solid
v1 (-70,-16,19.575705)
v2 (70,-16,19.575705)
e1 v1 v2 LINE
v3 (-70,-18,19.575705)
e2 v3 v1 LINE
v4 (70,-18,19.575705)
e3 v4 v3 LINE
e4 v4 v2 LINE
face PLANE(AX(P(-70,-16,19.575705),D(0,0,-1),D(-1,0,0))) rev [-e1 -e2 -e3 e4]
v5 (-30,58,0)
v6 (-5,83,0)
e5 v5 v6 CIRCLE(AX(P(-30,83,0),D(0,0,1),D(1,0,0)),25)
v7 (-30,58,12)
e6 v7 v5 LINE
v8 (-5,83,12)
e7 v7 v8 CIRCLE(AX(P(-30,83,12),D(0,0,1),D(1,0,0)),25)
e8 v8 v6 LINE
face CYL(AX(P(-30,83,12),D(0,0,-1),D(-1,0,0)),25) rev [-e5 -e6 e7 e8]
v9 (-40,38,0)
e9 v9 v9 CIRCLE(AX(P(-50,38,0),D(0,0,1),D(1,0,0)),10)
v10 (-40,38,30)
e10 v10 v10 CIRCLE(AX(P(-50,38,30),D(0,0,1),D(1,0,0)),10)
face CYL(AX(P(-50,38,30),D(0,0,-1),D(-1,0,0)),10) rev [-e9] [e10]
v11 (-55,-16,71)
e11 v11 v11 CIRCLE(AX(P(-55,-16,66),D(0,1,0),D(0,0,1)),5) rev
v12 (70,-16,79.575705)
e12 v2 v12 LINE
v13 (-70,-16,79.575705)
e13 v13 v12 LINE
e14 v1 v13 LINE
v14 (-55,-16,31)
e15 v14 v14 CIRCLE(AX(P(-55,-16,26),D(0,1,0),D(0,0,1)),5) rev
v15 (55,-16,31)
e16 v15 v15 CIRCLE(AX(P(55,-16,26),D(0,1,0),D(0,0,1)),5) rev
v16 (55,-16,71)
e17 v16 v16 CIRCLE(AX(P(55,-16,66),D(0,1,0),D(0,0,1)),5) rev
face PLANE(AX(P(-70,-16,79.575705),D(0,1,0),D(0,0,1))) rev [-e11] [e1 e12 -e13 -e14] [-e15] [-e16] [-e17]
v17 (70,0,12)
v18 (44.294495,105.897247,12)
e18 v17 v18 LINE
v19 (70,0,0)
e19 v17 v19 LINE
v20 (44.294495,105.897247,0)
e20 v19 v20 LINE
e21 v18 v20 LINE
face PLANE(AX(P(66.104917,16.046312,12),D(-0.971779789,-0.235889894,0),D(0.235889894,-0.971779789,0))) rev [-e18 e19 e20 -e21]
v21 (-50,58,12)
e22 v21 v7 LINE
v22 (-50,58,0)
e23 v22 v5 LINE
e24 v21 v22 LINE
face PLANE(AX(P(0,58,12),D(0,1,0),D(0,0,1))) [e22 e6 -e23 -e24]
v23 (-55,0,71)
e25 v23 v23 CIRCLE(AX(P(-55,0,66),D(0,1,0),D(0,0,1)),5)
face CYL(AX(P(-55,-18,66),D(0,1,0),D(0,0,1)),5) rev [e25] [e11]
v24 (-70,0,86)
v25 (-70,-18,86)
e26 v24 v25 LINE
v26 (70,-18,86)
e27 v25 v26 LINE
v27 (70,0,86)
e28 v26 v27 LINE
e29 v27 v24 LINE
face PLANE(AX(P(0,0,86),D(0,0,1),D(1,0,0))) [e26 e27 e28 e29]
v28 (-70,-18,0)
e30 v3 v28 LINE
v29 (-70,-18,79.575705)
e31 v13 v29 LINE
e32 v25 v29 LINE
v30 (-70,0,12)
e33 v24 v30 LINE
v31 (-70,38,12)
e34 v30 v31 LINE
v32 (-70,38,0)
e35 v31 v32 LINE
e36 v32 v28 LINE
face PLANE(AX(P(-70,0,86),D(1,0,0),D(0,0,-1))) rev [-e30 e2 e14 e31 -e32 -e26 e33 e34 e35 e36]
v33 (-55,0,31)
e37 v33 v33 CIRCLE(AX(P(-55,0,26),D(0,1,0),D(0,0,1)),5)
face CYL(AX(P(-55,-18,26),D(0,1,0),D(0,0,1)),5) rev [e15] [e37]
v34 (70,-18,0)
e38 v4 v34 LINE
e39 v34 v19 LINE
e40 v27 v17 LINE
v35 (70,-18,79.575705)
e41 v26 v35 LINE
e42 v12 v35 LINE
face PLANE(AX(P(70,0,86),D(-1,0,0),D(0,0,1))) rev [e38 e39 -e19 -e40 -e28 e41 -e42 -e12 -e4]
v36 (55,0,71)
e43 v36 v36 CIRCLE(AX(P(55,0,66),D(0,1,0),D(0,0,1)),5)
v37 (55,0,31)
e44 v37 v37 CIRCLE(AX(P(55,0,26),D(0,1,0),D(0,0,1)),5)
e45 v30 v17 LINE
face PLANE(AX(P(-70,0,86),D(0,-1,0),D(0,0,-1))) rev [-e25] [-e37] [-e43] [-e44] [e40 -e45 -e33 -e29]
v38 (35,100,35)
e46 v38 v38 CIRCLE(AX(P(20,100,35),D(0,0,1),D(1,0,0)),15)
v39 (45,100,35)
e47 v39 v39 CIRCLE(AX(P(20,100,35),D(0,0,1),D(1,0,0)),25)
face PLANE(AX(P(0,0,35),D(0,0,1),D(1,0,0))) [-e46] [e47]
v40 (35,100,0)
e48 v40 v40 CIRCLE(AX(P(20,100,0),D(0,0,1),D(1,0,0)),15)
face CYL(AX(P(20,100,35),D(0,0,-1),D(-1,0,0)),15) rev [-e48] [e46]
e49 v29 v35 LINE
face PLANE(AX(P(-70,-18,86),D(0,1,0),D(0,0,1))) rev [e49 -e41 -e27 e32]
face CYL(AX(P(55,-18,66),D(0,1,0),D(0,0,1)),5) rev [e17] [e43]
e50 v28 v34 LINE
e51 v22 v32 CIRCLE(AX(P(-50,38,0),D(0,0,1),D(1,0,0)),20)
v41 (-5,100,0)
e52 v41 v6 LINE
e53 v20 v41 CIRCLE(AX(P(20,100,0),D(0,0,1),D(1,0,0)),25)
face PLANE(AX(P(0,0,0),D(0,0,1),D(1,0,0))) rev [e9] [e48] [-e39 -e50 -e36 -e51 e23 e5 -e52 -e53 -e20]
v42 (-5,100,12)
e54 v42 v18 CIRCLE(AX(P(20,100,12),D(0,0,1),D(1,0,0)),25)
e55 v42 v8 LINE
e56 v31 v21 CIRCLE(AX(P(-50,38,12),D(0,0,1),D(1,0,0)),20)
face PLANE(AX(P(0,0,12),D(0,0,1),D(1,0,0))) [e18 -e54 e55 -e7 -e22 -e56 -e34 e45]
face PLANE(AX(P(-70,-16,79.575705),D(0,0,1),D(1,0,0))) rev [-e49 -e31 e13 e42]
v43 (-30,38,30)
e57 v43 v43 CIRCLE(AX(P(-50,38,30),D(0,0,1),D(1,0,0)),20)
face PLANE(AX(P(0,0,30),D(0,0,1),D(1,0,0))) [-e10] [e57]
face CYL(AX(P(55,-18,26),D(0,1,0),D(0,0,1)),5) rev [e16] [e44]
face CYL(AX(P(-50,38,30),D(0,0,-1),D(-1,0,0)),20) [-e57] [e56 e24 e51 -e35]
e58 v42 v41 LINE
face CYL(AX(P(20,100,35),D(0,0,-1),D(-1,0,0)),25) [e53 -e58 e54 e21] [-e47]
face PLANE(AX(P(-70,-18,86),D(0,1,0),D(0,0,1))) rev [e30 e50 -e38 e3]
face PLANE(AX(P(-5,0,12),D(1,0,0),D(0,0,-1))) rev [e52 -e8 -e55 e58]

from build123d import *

# Parameters (mm, degrees)
SKETCH4_W           = 140
SKETCH4_H           = 18
BOSS_EXTRUDE1_DEPTH = 86
BOSS_EXTRUDE3_DEPTH = 12
SKETCH6_5_R         = 15
BOSS_EXTRUDE4_DEPTH = 35
SKETCH6_6_R         = 10
BOSS_EXTRUDE5_DEPTH = 30
SKETCH11_R          = 5
CUT_EXTRUDE1_DEPTH  = 168.095780916
SKETCH12_W          = 60
SKETCH12_H          = 16.179667724
CUT_EXTRUDE2_DEPTH  = 207.448540804


with BuildPart() as part:
    # Sketch4 → Boss-Extrude1 (new body)
    with BuildSketch(Plane.XY):
        with Locations((0, -9)):
            Rectangle(SKETCH4_W, SKETCH4_H)
    extrude(amount=BOSS_EXTRUDE1_DEPTH)

    # Sketch6 → Boss-Extrude3 (add)
    with BuildSketch(Plane.XY):
        with BuildLine():
            Line((-70, 38), (-70, 0))
            Line((-70, 0), (70, 0))
            Line((70, 0), (44.294494718, 105.897247359))
            ThreePointArc((44.294494718, 105.897247359), (44.822997079, 102.969649142), (45, 100))
            ThreePointArc((45, 100), (20, 75), (-5, 100))
            Line((-5, 100), (-5, 83))
            ThreePointArc((-5, 83), (-12.32233047, 65.32233047), (-30, 58))
            Line((-30, 58), (-50, 58))
            ThreePointArc((-50, 58), (-35.857864376, 52.142135624), (-30, 38))
            ThreePointArc((-30, 38), (-50, 18), (-70, 38))
        make_face()
    extrude(amount=BOSS_EXTRUDE3_DEPTH)

    # Sketch6<5> → Boss-Extrude4 (add)
    with BuildSketch(Plane.XY):
        with BuildLine():
            ThreePointArc((45, 100), (44.822997079, 102.969649142), (44.294494718, 105.897247359))
            ThreePointArc((44.294494718, 105.897247359), (17.030350858, 124.822997079), (-5, 100))
            ThreePointArc((-5, 100), (20, 75), (45, 100))
        make_face()
        with Locations((20, 100)):
            Circle(SKETCH6_5_R, mode=Mode.SUBTRACT)
    extrude(amount=BOSS_EXTRUDE4_DEPTH)

    # Sketch6<6> → Boss-Extrude5 (add)
    with BuildSketch(Plane.XY):
        with BuildLine():
            ThreePointArc((-50, 58), (-64.142135624, 52.142135624), (-70, 38))
            ThreePointArc((-70, 38), (-50, 18), (-30, 38))
            ThreePointArc((-30, 38), (-35.857864376, 52.142135624), (-50, 58))
        make_face()
        with Locations((-50, 38)):
            Circle(SKETCH6_6_R, mode=Mode.SUBTRACT)
    extrude(amount=BOSS_EXTRUDE5_DEPTH)

    # Sketch11 → Cut-Extrude1 (cut, through all)
    with BuildSketch(Plane(origin=(0, 0, 0), x_dir=(1, 0, 0), z_dir=(0, 1, 0))):
        with Locations((-55, -66)):
            Circle(SKETCH11_R)
        with Locations((-55, -26)):
            Circle(SKETCH11_R)
        with Locations((55, -26)):
            Circle(SKETCH11_R)
        with Locations((55, -66)):
            Circle(SKETCH11_R)
    extrude(amount=-CUT_EXTRUDE1_DEPTH, mode=Mode.SUBTRACT)

    # Sketch12 → Cut-Extrude2 (cut, through all)
    with BuildSketch(Plane(origin=(70, 0, 0), x_dir=(0, 0, -1), z_dir=(1, 0, 0))):
        with Locations((-49.575704937, -24.089833862)):
            Rectangle(SKETCH12_W, SKETCH12_H)
    extrude(amount=-CUT_EXTRUDE2_DEPTH, mode=Mode.SUBTRACT)


solid = part.part
